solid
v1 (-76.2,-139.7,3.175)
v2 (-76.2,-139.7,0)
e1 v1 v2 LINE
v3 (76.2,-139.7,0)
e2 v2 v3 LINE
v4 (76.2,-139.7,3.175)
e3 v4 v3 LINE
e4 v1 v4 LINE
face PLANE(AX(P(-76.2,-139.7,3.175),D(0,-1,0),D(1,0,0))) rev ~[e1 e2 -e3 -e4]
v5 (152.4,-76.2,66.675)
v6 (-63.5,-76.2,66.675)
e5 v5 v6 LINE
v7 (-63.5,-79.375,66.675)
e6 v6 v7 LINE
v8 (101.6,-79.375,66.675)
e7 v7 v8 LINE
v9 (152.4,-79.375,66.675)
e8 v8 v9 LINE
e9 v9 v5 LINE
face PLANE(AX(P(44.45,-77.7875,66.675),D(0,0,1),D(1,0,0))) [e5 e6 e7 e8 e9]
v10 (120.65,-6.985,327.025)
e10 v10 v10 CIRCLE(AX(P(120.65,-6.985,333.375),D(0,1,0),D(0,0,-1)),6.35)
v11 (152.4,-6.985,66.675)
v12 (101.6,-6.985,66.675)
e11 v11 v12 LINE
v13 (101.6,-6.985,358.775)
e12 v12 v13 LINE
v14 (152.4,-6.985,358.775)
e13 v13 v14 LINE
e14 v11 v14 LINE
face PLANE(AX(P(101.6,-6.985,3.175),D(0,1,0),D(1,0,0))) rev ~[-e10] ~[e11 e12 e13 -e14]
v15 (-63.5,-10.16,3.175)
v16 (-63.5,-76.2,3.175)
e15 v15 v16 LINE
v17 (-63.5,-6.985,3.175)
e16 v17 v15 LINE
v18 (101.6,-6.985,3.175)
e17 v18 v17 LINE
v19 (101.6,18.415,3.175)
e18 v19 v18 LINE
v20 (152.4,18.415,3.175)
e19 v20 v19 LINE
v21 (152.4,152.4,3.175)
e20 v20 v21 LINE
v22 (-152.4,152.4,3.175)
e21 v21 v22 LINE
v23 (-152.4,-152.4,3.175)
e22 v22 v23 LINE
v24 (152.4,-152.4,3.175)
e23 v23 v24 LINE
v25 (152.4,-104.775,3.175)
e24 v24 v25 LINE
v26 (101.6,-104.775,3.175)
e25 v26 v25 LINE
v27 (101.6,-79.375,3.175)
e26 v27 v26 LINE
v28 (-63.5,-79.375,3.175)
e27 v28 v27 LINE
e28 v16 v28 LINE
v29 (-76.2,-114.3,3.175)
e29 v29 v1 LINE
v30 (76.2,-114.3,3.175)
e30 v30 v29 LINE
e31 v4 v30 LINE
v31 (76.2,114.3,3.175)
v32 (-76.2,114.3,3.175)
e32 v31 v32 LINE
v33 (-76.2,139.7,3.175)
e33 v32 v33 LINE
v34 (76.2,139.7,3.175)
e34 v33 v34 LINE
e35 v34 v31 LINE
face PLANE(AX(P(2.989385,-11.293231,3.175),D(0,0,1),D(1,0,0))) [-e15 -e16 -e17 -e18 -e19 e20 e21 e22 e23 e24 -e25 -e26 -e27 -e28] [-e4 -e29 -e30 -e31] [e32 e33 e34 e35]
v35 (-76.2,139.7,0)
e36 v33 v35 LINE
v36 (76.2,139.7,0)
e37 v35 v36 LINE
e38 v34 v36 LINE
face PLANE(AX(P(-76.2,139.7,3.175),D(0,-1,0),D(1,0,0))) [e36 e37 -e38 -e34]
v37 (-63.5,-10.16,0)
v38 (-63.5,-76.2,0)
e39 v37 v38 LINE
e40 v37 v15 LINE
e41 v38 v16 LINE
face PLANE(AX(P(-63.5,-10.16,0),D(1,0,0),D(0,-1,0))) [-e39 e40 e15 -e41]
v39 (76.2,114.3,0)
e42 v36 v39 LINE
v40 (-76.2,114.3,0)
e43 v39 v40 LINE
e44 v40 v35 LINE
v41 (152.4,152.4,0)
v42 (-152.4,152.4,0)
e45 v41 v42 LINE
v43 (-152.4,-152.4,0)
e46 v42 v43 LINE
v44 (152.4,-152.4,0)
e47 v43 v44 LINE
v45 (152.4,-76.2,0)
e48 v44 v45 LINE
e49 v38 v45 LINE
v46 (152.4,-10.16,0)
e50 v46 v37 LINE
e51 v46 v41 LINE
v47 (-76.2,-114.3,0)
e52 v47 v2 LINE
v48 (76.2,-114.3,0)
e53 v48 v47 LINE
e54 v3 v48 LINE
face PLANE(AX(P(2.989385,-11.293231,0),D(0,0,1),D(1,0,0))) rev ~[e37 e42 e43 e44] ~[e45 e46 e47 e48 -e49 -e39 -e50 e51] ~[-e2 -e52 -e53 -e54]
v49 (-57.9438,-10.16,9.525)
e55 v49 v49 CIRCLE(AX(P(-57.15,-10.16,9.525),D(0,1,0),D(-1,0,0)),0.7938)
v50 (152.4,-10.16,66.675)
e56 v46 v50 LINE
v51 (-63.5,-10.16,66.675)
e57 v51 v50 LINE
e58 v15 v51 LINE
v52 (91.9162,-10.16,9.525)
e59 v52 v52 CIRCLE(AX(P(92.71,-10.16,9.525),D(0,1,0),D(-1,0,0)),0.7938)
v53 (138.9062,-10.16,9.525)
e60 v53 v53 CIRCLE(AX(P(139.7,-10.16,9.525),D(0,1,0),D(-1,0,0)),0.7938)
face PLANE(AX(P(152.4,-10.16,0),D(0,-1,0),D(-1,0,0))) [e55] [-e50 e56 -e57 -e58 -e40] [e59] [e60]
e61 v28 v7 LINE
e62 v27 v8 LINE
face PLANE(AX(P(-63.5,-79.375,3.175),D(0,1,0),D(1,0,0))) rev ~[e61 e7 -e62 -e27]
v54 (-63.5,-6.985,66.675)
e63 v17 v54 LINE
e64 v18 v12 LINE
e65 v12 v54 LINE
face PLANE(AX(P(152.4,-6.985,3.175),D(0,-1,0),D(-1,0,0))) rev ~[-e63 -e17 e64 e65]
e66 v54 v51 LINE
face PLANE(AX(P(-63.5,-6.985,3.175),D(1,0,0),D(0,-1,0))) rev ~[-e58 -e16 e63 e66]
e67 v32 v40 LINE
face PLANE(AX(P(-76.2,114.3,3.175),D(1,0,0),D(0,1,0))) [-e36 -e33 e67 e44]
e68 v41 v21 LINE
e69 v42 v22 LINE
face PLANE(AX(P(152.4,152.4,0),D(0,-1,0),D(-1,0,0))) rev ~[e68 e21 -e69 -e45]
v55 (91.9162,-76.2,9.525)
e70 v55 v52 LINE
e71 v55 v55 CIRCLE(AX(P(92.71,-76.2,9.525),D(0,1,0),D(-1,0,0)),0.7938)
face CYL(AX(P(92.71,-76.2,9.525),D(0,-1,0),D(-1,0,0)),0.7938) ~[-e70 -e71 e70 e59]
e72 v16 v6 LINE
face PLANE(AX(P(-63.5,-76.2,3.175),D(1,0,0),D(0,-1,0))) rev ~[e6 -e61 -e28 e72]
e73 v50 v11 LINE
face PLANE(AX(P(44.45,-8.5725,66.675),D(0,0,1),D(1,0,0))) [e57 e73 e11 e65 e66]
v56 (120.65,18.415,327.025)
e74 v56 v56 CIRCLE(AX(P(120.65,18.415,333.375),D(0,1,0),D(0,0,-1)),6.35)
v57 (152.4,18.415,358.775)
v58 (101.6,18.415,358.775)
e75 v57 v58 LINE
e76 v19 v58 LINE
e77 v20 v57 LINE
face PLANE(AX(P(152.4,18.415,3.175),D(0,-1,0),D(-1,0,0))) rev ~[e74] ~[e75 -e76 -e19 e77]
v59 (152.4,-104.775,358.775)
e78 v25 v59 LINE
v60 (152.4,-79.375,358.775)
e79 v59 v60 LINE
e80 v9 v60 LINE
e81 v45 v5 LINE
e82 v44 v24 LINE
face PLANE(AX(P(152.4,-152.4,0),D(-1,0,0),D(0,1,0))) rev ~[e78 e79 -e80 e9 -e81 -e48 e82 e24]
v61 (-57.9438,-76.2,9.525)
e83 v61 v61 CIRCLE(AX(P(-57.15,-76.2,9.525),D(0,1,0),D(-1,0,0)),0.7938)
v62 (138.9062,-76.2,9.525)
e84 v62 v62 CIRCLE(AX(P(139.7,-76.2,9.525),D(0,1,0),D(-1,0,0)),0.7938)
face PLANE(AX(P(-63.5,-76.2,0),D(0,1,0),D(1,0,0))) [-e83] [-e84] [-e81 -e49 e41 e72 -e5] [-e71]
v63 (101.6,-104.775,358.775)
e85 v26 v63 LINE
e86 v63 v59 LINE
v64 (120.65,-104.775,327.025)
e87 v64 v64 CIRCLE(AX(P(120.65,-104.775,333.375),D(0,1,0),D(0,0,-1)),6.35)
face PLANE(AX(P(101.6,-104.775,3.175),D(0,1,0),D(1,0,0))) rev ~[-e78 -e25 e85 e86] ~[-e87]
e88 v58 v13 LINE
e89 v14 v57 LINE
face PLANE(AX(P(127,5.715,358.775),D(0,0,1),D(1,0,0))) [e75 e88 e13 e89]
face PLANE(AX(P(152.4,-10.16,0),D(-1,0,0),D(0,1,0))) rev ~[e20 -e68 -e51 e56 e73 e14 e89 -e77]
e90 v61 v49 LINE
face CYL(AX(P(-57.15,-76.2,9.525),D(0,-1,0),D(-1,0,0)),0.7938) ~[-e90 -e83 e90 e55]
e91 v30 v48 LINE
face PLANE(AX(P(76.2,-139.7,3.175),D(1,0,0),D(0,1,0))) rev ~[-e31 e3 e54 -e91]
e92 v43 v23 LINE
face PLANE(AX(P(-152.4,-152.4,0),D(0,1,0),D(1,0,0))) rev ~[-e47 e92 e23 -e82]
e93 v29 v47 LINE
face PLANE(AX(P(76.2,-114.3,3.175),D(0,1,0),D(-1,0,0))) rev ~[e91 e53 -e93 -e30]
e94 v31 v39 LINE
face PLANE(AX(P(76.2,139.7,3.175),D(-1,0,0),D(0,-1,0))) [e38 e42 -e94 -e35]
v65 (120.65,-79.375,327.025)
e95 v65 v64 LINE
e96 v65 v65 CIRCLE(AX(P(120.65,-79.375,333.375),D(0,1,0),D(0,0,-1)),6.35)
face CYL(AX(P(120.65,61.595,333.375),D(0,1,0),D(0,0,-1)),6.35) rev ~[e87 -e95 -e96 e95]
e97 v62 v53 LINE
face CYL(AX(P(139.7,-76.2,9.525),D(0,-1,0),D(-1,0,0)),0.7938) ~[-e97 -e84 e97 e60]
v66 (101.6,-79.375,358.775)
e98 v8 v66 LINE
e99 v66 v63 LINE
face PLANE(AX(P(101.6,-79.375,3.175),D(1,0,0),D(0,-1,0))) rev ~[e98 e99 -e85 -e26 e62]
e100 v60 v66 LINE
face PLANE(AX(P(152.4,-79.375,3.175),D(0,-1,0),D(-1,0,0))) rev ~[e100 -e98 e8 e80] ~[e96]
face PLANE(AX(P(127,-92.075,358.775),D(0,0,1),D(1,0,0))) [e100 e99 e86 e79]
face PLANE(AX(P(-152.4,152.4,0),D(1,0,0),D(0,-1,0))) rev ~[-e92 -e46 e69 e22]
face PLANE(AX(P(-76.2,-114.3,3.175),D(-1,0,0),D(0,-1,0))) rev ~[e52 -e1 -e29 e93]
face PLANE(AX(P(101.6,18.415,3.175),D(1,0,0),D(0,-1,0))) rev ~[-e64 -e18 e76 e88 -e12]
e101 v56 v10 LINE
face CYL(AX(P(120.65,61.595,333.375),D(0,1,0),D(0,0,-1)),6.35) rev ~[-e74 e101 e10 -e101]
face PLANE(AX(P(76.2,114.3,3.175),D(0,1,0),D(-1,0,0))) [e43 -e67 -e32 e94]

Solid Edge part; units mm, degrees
sketch "Sketch1" plane through (0, 0, 0) normal (0, 0, 1) x (1, 0, 0)
  line L0 (-152.4, -152.4) -> (152.4, -152.4)
  line L1 (152.4, -152.4) -> (152.4, -76.2)
  line L2 (-63.5, -76.2) -> (152.4, -76.2)
  line L3 (-63.5, -10.16) -> (-63.5, -76.2)
  line L4 (152.4, -10.16) -> (-63.5, -10.16)
  line L5 (152.4, -10.16) -> (152.4, 152.4)
  line L6 (152.4, 152.4) -> (-152.4, 152.4)
  line L7 (-152.4, 152.4) -> (-152.4, -152.4)
extrude "Protrusion1" add sketch "Sketch1" along normal blind 3.175
sketch "Sketch2" plane through (0, 0, 3.175) normal (0, 0, 1) x (0, 1, 0)
  line L0 (-79.375, -152.4) -> (-76.2, -152.4)
  line L1 (-76.2, -152.4) -> (-76.2, 63.5)
  line L2 (-76.2, 63.5) -> (-79.375, 63.5)
  line L3 (-79.375, 63.5) -> (-79.375, -152.4)
  line L4 (-10.16, -152.4) -> (-6.985, -152.4)
  line L5 (-6.985, -152.4) -> (-6.985, 63.5)
  line L6 (-6.985, 63.5) -> (-10.16, 63.5)
  line L7 (-10.16, 63.5) -> (-10.16, -152.4)
  dimension "D1" = 3.175
  dimension "D2" = 3.175
extrude "ExtrudedProtrusion_2" add sketch "Sketch2" along normal blind 63.5
sketch "Sketch3" plane through (0, 0, 3.175) normal (0, 0, 1) x (0, 1, 0)
  line L0 (139.7, -76.2) -> (114.3, -76.2)
  line L1 (114.3, -76.2) -> (114.3, 76.2)
  line L2 (114.3, 76.2) -> (139.7, 76.2)
  line L3 (139.7, 76.2) -> (139.7, -76.2)
  line L4 (-139.7, -76.2) -> (-114.3, -76.2)
  line L5 (-114.3, -76.2) -> (-114.3, 76.2)
  line L6 (-114.3, 76.2) -> (-139.7, 76.2)
  line L7 (-139.7, 76.2) -> (-139.7, -76.2)
  dimension "D1" = 25.4
  dimension "D2" = 152.4
  dimension "D3" = 12.7
  dimension "D4" = 76.2
  dimension "D5" = 25.4
  dimension "D6" = 152.4
  dimension "D7" = 292.1
  dimension "D8" = 76.2
extrude "Cutout1" cut sketch "Sketch3" against normal through all
sketch "Sketch4" plane through (44.45, -76.2, 33.3375) normal (0, 1, 0) x (-1, 0, 0)
  circle A0 centre (-48.26, -23.8125) radius 0.7938
  circle A1 centre (101.6, -23.8125) radius 0.7938
  circle A2 centre (-95.25, -23.8125) radius 0.7938
  dimension "D1" = 6.35
  dimension "D2" = 6.35
  dimension "D3" = 6.35
  dimension "D4" = 12.7
  dimension "D5" = 6.35
  dimension "D6" = 156.21
extrude "ExtrudedProtrusion_3" add sketch "Sketch4" along normal blind 66.04
sketch "Sketch5" plane through (0, 0, 3.175) normal (0, 0, 1) x (0, 1, 0)
  line L0 (-104.775, -152.4) -> (-79.375, -152.4)
  line L1 (-79.375, -152.4) -> (-79.375, -101.6)
  line L2 (-79.375, -101.6) -> (-104.775, -101.6)
  line L3 (-104.775, -101.6) -> (-104.775, -152.4)
  line L4 (-6.985, -152.4) -> (18.415, -152.4)
  line L5 (18.415, -152.4) -> (18.415, -101.6)
  line L6 (18.415, -101.6) -> (-6.985, -101.6)
  line L7 (-6.985, -101.6) -> (-6.985, -152.4)
  dimension "D1" = 25.4
  dimension "D2" = 50.8
  dimension "D3" = 25.4
  dimension "D4" = 50.8
extrude "ExtrudedProtrusion_4" add sketch "Sketch5" along normal blind 355.6
sketch "Sketch6" plane through (120.65, 61.595, 180.975) normal (0, 1, 0) x (0, 0, -1)
  circle A0 centre (-152.4, 0) radius 6.35
  dimension "D1" = 25.4
extrude "Cutout2" cut sketch "Sketch6" against normal through all
